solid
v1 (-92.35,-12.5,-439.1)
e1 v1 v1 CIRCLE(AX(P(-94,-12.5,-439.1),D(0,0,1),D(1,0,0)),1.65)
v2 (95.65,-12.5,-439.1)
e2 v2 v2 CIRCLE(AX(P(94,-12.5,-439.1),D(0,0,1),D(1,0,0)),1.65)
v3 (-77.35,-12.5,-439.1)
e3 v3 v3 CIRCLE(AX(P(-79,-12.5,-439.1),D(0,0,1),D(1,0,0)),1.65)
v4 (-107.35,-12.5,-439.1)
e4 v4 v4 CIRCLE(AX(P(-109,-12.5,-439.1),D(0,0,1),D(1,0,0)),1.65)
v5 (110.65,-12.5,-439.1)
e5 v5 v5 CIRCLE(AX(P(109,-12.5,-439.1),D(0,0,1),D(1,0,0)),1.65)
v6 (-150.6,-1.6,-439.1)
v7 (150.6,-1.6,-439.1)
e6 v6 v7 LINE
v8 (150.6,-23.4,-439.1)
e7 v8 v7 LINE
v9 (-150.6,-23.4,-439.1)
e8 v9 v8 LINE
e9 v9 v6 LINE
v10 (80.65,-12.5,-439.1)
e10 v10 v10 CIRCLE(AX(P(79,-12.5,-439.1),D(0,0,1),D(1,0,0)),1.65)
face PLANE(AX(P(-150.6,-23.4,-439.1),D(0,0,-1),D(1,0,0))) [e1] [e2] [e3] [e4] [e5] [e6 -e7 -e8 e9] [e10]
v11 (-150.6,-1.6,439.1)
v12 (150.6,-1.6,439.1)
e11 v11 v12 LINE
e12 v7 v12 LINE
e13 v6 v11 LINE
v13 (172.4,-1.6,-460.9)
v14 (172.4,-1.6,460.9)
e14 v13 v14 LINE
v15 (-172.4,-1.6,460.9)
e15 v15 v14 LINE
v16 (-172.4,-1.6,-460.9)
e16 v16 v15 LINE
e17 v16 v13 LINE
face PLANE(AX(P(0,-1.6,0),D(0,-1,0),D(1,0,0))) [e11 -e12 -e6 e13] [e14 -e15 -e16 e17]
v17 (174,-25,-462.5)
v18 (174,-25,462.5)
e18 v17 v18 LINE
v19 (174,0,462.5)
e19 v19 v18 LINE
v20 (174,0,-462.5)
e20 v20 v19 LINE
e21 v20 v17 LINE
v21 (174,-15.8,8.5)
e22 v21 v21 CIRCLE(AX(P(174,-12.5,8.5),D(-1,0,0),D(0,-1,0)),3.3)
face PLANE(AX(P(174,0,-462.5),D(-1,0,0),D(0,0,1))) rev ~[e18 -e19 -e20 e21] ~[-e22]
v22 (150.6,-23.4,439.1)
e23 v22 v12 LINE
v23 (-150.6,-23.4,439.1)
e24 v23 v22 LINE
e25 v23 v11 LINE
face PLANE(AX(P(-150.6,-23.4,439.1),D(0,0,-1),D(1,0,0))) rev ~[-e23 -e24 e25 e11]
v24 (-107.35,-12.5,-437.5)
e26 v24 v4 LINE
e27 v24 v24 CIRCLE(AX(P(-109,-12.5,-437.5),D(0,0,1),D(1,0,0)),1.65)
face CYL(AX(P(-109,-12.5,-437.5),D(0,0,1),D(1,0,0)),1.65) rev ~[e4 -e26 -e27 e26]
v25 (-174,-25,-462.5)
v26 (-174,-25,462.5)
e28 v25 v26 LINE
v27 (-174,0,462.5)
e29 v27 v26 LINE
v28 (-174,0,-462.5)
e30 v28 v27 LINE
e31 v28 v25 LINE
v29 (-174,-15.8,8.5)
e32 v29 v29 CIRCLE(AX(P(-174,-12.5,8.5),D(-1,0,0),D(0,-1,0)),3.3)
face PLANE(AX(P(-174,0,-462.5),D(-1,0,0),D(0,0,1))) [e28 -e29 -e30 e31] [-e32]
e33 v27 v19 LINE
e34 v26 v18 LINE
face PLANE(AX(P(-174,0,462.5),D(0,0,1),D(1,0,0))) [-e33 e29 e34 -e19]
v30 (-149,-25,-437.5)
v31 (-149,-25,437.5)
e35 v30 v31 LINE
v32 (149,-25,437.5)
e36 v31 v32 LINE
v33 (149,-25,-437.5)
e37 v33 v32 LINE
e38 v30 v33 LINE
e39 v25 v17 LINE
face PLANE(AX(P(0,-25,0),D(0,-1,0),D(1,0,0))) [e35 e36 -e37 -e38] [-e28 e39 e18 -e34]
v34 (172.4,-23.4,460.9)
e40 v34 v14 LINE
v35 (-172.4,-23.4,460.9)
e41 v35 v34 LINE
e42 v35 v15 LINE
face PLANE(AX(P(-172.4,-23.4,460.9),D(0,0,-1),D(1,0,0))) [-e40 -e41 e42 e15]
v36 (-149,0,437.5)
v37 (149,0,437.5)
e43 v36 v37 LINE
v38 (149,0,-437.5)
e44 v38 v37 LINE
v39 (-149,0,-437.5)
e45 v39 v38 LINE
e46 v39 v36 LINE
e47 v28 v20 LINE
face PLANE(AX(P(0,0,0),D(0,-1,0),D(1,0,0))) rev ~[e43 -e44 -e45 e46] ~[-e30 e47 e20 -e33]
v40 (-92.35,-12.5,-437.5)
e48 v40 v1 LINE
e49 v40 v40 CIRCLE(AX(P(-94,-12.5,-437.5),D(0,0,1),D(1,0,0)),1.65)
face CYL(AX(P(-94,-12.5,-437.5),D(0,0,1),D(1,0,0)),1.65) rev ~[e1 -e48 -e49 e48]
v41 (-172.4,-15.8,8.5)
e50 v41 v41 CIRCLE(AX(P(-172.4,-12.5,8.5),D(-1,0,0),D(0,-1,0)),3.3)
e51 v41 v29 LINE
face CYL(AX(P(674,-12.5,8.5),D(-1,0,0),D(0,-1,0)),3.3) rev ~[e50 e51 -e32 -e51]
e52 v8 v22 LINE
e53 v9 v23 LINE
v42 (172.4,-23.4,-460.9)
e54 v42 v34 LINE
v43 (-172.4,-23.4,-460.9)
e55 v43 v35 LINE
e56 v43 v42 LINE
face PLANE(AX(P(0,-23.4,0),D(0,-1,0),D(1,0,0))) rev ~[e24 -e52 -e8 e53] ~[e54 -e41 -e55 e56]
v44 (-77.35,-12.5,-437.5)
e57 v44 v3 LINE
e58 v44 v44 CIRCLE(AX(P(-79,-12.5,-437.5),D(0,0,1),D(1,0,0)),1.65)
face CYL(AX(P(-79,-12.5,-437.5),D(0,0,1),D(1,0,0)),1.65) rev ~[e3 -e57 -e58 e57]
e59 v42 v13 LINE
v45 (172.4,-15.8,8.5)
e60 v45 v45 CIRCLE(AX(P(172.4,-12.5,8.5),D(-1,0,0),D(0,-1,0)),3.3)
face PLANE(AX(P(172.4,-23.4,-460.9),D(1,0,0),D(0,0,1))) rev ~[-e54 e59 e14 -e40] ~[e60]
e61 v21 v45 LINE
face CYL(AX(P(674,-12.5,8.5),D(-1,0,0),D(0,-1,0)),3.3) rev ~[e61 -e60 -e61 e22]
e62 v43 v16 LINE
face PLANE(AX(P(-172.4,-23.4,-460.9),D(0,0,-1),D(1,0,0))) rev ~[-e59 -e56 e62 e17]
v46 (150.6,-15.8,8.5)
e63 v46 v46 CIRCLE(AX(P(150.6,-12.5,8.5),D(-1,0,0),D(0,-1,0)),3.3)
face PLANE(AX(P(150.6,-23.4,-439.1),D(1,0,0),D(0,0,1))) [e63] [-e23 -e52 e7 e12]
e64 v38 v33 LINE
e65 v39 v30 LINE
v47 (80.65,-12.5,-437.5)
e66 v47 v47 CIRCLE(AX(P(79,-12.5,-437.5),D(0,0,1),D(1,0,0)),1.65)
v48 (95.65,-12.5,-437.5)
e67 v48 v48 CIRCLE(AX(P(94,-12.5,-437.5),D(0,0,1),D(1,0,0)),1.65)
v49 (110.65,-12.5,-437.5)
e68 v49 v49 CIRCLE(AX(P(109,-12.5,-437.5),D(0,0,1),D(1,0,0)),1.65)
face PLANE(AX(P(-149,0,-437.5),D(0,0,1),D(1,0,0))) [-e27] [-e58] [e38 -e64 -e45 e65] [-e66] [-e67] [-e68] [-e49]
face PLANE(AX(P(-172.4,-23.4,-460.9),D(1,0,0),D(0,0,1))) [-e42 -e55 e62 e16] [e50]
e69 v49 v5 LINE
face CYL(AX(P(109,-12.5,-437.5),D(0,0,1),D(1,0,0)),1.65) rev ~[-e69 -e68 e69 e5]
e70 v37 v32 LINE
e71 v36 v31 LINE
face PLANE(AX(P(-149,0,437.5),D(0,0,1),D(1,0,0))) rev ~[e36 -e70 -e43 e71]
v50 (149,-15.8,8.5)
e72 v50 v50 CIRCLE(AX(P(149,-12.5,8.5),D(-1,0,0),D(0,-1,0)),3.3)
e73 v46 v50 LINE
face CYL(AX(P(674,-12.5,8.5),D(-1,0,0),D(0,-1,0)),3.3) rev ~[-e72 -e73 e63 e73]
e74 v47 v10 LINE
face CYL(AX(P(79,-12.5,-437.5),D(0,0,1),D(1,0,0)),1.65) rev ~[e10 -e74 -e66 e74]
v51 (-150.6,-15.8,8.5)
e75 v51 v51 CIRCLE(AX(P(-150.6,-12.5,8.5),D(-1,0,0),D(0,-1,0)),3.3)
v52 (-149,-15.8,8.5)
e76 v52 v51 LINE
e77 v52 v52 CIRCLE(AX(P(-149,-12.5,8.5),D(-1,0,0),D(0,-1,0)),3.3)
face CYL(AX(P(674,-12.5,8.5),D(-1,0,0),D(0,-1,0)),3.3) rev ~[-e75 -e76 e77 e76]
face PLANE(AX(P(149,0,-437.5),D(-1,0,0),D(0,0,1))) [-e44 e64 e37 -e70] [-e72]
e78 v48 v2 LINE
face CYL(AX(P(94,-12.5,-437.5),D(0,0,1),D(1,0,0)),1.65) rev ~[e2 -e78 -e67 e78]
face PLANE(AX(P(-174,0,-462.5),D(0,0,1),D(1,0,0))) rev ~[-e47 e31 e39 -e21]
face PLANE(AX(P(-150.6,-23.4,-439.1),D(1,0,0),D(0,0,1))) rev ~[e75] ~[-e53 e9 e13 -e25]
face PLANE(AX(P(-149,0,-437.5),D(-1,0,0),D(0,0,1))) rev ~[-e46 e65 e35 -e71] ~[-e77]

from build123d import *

# Parameters (mm, degrees)
F0_W     = 348
F0_H     = 925
F0_W_2   = 298
F0_H_2   = 875
F1_DEPTH = 25
F3_D     = 6.6
F3_DEPTH = 500
F3_TIP   = 1.9828400428
F4_R     = 1.65
F5_DEPTH = 4
F7_W     = 344.8
F7_H     = 921.8
F7_W_2   = 301.2
F7_H_2   = 878.2
F8_DEPTH = 21.8


with BuildPart() as f1:
    # F0 (on Front) → F1 (new body)
    with BuildSketch(Plane.XZ):
        Rectangle(F0_W, F0_H)
        Rectangle(F0_W_2, F0_H_2, mode=Mode.SUBTRACT)
    extrude(amount=F1_DEPTH)

    # F3
    with Locations(Plane.YZ.offset(174)):
        with Locations((-12.5, 8.5)):
            Hole(F3_D / 2, depth=F3_DEPTH)
            with Locations((0, 0, -(F3_DEPTH + F3_TIP / 2))):  # 118° drill point
                Cone(0, F3_D / 2, F3_TIP, mode=Mode.SUBTRACT)

    # F4 (on face) → F5 (cut)
    with BuildSketch(Plane.XY.offset(-437.5)):
        with Locations((109, -12.5)):
            Circle(F4_R)
        with Locations((94, -12.5)):
            Circle(F4_R)
        with Locations((79, -12.5)):
            Circle(F4_R)
        with Locations((-79, -12.5)):
            Circle(F4_R)
        with Locations((-94, -12.5)):
            Circle(F4_R)
        with Locations((-109, -12.5)):
            Circle(F4_R)
    extrude(amount=-F5_DEPTH, mode=Mode.SUBTRACT)

    # F7 (on offset) → F8 (cut)
    with BuildSketch(Plane.XZ.offset(23.4)):
        Rectangle(F7_W, F7_H)
        Rectangle(F7_W_2, F7_H_2, mode=Mode.SUBTRACT)
    extrude(amount=-F8_DEPTH, mode=Mode.SUBTRACT)


solid = f1.part
